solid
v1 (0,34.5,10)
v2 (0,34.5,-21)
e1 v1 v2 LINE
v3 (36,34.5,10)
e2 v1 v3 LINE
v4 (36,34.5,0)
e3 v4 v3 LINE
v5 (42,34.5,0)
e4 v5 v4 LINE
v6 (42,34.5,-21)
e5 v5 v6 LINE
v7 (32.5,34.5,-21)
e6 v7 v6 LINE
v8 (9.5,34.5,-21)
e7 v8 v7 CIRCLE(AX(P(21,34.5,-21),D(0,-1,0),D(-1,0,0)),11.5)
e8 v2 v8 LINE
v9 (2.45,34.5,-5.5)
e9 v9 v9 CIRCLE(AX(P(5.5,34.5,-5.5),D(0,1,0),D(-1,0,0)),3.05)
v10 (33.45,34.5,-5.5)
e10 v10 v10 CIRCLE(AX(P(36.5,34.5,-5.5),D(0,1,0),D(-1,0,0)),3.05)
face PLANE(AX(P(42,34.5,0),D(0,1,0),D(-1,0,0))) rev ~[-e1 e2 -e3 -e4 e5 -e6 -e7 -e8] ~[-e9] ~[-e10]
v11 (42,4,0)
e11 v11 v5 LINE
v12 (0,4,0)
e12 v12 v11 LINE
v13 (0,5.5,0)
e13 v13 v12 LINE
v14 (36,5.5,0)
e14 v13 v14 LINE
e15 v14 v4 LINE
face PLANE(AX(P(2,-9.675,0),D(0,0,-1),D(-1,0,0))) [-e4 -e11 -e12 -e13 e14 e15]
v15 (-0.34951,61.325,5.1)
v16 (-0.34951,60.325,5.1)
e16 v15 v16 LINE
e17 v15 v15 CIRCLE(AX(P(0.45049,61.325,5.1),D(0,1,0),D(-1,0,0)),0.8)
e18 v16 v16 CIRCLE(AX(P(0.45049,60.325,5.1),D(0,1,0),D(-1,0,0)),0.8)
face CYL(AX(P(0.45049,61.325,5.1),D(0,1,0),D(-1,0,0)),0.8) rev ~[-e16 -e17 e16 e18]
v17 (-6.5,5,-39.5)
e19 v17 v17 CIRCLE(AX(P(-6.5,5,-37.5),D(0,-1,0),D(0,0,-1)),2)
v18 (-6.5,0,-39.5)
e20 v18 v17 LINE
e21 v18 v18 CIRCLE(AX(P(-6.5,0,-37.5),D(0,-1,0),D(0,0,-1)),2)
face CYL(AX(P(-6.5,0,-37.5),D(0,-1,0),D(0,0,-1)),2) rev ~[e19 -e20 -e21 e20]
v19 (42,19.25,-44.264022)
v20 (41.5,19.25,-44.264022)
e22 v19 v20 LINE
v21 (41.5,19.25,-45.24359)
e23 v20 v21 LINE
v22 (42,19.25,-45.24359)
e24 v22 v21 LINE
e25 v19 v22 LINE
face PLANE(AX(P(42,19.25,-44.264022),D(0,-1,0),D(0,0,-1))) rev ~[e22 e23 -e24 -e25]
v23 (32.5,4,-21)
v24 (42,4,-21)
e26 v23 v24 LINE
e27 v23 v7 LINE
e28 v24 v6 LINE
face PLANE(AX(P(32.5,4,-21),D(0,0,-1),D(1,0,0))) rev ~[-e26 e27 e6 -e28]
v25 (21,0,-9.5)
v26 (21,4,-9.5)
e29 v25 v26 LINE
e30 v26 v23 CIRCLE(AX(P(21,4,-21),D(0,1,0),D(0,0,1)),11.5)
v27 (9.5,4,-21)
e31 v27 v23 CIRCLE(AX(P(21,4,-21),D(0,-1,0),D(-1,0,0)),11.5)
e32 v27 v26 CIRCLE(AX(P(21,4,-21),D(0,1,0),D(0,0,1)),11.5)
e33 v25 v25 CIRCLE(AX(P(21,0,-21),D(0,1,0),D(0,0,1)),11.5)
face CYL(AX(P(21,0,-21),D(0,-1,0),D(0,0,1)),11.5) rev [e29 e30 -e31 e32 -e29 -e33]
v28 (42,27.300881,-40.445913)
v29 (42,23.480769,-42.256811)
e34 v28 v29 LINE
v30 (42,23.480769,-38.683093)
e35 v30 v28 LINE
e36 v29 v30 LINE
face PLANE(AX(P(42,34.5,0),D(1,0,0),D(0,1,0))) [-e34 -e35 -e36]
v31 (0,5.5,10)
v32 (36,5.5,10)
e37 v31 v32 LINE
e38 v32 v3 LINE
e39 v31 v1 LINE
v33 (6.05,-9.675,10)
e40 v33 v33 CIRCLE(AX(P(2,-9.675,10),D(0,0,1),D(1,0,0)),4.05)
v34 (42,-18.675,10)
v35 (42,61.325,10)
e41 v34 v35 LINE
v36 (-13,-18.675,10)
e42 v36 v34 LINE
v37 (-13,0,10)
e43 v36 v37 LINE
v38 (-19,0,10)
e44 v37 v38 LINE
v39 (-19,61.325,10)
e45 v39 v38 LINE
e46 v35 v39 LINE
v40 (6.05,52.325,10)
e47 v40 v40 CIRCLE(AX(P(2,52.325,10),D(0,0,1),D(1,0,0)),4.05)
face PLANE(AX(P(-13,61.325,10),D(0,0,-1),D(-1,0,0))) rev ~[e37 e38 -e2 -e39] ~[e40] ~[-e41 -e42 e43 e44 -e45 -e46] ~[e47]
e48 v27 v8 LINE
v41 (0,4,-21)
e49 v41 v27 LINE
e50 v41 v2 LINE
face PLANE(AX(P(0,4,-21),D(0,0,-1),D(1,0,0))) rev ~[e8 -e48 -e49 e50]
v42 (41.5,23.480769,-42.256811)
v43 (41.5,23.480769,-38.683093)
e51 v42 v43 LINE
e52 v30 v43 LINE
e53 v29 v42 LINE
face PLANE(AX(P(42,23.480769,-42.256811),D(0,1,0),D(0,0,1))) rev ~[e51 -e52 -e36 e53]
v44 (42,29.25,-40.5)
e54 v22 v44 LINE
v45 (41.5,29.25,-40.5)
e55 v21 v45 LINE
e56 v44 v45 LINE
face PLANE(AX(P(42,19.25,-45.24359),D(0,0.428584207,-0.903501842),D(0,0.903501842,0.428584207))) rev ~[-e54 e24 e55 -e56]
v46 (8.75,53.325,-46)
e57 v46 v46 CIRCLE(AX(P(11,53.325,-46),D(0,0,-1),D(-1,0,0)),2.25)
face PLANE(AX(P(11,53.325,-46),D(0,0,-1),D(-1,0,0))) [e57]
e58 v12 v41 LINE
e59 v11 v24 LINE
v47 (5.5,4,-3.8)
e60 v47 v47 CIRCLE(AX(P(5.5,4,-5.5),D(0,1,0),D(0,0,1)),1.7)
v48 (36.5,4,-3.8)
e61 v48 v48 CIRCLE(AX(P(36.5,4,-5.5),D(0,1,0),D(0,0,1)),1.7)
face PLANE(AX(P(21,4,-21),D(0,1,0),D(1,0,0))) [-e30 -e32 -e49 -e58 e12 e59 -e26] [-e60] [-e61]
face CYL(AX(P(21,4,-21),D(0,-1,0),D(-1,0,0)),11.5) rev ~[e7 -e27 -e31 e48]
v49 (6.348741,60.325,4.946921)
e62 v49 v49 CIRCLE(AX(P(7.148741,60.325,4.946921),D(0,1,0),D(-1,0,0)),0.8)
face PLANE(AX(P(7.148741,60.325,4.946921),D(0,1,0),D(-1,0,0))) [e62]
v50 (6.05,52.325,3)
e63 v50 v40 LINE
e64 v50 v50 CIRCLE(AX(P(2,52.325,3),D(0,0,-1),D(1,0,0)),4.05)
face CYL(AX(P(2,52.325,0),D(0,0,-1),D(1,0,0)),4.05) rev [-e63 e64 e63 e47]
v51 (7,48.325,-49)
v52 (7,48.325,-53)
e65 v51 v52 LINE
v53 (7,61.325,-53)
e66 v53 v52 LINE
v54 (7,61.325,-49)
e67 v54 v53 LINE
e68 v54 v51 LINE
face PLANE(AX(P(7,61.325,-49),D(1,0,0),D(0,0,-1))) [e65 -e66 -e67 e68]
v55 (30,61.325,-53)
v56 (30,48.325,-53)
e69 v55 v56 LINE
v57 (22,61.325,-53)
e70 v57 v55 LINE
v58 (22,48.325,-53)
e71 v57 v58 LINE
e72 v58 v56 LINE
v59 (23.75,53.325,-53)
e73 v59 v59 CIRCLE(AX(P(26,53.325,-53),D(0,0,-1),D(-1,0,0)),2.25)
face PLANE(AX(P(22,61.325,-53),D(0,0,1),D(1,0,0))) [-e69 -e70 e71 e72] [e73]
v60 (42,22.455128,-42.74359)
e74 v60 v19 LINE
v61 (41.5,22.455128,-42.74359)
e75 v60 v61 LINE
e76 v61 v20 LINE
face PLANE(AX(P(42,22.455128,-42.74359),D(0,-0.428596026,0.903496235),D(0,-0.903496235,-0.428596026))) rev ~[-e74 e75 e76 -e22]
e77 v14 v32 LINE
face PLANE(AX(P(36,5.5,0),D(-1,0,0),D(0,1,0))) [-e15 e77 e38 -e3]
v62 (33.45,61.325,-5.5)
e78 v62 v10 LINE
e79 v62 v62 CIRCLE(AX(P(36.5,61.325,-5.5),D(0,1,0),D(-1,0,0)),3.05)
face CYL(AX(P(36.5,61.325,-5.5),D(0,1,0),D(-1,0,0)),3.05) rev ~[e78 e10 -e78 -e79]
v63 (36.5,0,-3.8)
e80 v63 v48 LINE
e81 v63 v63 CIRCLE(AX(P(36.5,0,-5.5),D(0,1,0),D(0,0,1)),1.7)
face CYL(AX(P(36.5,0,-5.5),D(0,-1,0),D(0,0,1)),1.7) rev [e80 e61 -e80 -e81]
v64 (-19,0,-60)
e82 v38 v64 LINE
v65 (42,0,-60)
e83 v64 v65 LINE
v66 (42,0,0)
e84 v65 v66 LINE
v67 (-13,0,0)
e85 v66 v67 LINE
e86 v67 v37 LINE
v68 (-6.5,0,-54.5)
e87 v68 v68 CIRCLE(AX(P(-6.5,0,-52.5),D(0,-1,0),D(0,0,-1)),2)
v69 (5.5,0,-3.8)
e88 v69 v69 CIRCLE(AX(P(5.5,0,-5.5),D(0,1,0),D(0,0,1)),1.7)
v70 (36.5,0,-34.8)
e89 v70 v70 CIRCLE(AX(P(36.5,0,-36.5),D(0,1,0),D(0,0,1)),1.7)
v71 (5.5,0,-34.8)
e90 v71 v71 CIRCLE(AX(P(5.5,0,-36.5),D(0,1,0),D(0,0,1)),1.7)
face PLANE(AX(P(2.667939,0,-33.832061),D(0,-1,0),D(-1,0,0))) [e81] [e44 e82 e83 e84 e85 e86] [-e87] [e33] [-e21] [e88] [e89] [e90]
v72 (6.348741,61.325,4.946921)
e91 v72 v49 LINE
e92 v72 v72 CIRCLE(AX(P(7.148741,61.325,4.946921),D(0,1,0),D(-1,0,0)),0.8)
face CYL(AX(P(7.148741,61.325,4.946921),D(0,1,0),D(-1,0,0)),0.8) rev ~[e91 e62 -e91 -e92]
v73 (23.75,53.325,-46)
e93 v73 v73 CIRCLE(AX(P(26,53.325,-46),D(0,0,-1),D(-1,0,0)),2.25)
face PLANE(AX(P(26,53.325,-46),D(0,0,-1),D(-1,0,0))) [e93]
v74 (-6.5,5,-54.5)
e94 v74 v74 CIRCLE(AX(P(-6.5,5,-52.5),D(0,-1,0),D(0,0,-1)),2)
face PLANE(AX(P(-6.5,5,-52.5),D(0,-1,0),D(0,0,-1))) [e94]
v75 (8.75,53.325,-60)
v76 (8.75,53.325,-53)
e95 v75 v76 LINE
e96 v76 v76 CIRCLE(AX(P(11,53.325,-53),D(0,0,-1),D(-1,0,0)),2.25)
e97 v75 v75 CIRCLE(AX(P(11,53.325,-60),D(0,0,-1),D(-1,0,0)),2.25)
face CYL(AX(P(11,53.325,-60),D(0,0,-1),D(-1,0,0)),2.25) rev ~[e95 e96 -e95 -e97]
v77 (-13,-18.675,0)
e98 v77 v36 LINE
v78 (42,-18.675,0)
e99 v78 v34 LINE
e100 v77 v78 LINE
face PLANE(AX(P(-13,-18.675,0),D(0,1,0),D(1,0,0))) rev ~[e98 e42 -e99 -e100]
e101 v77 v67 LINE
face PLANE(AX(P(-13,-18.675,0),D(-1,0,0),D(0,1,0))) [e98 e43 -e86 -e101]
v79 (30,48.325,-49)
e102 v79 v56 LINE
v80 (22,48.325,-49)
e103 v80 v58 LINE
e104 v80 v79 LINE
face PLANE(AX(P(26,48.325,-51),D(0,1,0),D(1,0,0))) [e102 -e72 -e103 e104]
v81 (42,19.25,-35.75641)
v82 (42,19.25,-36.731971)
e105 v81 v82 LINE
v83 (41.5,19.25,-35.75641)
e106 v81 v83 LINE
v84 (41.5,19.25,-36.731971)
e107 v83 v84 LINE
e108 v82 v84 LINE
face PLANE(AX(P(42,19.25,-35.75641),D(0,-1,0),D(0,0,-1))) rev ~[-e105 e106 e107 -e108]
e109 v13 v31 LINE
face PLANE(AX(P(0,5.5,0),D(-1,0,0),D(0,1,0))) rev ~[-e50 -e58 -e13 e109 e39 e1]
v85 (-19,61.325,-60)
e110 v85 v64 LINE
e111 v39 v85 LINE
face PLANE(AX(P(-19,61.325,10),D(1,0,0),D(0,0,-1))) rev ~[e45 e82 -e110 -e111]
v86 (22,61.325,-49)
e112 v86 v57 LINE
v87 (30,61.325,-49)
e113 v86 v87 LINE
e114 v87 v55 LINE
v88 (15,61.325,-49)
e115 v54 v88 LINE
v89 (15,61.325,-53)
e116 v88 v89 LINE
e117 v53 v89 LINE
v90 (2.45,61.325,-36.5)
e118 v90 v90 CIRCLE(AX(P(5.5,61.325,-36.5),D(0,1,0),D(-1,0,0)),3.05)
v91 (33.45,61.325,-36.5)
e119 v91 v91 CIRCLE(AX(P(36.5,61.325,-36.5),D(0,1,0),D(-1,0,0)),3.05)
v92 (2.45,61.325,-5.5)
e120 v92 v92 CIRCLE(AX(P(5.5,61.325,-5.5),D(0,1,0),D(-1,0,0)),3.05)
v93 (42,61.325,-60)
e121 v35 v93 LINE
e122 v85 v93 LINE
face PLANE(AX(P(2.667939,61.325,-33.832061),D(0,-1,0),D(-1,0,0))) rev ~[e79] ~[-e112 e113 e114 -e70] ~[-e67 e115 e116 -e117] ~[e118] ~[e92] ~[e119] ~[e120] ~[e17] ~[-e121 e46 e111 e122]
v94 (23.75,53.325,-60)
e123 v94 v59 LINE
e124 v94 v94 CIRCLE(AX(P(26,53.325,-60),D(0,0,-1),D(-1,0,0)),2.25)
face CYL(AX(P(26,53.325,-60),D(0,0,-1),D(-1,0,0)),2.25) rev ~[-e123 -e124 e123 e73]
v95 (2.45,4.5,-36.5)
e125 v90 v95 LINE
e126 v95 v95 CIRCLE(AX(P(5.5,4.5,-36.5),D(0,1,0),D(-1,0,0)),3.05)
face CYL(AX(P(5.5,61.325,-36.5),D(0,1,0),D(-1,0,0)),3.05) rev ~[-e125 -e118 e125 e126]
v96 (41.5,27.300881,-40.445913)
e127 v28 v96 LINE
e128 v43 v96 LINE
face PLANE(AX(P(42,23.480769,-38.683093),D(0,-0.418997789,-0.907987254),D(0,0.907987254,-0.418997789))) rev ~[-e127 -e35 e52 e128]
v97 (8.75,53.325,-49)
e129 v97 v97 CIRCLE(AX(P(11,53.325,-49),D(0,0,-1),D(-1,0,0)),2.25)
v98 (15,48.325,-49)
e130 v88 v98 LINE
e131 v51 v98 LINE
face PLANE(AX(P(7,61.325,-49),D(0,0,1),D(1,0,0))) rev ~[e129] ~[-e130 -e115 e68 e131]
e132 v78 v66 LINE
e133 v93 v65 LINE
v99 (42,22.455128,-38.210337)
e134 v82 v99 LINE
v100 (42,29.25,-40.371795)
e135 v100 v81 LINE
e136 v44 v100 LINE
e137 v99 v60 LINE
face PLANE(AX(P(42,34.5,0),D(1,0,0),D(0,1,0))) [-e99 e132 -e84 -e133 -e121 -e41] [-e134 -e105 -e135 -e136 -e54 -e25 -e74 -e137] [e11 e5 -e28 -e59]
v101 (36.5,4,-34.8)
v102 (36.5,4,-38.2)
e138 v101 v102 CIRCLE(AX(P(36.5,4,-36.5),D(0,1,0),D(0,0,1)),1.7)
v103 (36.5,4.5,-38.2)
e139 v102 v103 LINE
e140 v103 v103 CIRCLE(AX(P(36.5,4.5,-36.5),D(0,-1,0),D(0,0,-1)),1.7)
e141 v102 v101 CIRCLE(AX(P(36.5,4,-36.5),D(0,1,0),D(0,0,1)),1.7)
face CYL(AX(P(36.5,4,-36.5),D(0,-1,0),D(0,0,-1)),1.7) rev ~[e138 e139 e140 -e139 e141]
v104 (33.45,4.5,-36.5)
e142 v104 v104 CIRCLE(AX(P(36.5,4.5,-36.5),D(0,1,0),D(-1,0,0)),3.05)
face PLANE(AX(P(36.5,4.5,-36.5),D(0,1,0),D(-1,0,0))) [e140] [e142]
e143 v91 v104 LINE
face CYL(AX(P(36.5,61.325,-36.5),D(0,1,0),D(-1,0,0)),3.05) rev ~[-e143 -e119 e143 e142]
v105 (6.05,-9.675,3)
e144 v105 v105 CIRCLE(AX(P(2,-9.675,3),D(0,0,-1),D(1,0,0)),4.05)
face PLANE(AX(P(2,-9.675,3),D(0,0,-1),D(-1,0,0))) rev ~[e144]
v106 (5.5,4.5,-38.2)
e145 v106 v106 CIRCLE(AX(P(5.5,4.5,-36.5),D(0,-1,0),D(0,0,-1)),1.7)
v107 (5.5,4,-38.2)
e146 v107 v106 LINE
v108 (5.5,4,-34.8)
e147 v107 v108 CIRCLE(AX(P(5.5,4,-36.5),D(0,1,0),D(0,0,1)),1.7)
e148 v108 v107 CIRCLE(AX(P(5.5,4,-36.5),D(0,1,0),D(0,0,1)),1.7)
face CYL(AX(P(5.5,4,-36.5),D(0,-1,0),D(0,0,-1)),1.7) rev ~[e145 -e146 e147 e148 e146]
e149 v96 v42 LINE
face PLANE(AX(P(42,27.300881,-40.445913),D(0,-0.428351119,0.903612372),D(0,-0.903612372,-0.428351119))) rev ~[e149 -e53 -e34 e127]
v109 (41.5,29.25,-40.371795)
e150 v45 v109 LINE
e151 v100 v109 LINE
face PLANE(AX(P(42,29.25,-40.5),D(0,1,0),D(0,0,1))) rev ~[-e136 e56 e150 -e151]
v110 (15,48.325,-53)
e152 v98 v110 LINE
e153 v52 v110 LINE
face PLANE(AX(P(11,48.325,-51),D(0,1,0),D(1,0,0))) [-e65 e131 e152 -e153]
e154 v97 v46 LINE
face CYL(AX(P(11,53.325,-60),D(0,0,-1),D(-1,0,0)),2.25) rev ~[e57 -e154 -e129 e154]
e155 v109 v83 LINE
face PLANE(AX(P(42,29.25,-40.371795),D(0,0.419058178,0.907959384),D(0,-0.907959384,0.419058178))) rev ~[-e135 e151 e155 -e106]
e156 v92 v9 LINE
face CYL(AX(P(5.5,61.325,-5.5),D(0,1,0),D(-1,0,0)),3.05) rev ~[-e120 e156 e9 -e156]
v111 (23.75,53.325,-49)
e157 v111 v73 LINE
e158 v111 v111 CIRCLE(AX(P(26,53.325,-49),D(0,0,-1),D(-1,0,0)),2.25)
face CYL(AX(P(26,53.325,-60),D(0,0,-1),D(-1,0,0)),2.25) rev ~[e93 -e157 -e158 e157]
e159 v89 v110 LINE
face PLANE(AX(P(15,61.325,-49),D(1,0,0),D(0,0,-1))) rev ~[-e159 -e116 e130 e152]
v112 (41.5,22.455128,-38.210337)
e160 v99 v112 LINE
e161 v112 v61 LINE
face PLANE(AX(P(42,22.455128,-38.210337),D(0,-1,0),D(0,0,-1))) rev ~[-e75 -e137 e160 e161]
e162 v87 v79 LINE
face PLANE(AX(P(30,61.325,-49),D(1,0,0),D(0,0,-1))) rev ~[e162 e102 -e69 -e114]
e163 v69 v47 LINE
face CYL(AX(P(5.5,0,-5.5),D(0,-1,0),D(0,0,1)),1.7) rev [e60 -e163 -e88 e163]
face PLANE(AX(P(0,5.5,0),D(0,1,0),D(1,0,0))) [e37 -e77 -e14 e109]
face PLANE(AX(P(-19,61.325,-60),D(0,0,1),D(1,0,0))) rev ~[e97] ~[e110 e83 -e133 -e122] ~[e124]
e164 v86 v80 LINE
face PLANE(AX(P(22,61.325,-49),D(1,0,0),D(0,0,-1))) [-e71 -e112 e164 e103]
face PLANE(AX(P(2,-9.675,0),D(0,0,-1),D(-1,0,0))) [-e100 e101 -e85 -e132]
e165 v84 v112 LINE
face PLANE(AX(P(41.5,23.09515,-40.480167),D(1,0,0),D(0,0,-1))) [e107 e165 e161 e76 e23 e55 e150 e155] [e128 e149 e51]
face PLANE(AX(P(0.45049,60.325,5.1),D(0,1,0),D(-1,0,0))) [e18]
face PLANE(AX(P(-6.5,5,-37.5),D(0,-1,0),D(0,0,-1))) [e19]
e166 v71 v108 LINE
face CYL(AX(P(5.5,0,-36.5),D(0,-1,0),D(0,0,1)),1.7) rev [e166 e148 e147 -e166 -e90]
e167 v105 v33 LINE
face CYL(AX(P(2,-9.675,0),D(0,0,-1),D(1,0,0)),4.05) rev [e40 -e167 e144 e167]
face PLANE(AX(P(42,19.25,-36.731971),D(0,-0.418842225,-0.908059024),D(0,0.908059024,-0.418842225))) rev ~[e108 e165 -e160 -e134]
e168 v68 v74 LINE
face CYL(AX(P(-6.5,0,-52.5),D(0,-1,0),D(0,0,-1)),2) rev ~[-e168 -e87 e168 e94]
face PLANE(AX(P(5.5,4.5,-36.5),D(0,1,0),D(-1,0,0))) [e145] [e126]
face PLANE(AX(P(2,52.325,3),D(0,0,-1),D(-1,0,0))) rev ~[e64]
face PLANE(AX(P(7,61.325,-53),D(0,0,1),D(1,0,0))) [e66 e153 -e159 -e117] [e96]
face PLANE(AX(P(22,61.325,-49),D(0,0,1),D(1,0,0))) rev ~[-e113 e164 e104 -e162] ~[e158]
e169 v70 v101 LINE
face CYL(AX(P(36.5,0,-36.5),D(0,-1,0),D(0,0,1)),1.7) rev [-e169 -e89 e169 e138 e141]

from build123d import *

# Parameters (mm, degrees)
SKETCH1_W           = 42
SKETCH1_H           = 42
SKETCH1_R           = 1.7
SKETCH1_R_2         = 11.5
BOSS_EXTRUDE1_DEPTH = 4
SKETCH2_W           = 55
SKETCH2_H           = 80
SKETCH2_R           = 4.05
SKETCH2_W_2         = 36
SKETCH2_H_2         = 29
BOSS_EXTRUDE2_DEPTH = 10
BOSS_EXTRUDE4_DEPTH = 30.5
SKETCH5_W           = 42
SKETCH5_H           = 26.825
BOSS_EXTRUDE5_DEPTH = 42
SKETCH6_R           = 1.7
CUT_EXTRUDE1_DEPTH  = 83.547898974
SKETCH7_R           = 3.05
CUT_EXTRUDE2_DEPTH  = 56.825
SKETCH3_R           = 4.05
BOSS_EXTRUDE7_DEPTH = 3
SKETCH8_R           = 0.8
CUT_EXTRUDE3_DEPTH  = 1
BOSS_EXTRUDE8_DEPTH = 61.325
SKETCH10_R          = 2
CUT_EXTRUDE4_DEPTH  = 5
SKETCH11_R          = 2.25
CUT_EXTRUDE5_DEPTH  = 14
SKETCH12_W          = 8
SKETCH12_H          = 4
CUT_EXTRUDE6_DEPTH  = 13
CUT_EXTRUDE7_DEPTH  = 0.5


with BuildPart() as part:
    # Sketch1 → Boss-Extrude1 (new body)
    with BuildSketch(Plane(origin=(0, 0, 0), x_dir=(1, 0, 0), z_dir=(0, 1, 0))):
        with Locations((21, 21)):
            Rectangle(SKETCH1_W, SKETCH1_H)
        with Locations(Location((5.5, 36.5, 0), (0, 0, 270))):
            Circle(SKETCH1_R, mode=Mode.SUBTRACT)
        with Locations(Location((36.5, 36.5, 0), (0, 0, 270))):
            Circle(SKETCH1_R, mode=Mode.SUBTRACT)
        with Locations(Location((5.5, 5.5, 0), (0, 0, 270))):
            Circle(SKETCH1_R, mode=Mode.SUBTRACT)
        with Locations(Location((36.5, 5.5, 0), (0, 0, 270))):
            Circle(SKETCH1_R, mode=Mode.SUBTRACT)
        with Locations(Location((21, 21, 0), (0, 0, 270))):
            Circle(SKETCH1_R_2, mode=Mode.SUBTRACT)
    extrude(amount=BOSS_EXTRUDE1_DEPTH)

    # Sketch2 → Boss-Extrude2 (add)
    with BuildSketch(Plane.XY):
        with Locations((14.5, 21.325)):
            Rectangle(SKETCH2_W, SKETCH2_H)
        with Locations((2, 52.325)):
            Circle(SKETCH2_R, mode=Mode.SUBTRACT)
        with Locations((2, -9.675)):
            Circle(SKETCH2_R, mode=Mode.SUBTRACT)
        with Locations((18, 20)):
            Rectangle(SKETCH2_W_2, SKETCH2_H_2, mode=Mode.SUBTRACT)
    extrude(amount=BOSS_EXTRUDE2_DEPTH)

    # Sketch4 → Boss-Extrude4 (add)
    with BuildSketch(Plane(origin=(0, 4, 0), x_dir=(1, 0, 0), z_dir=(0, 1, 0))):
        with BuildLine():
            Line((0, 21), (9.5, 21))
            ThreePointArc((9.5, 21), (21, 32.5), (32.5, 21))
            Line((32.5, 21), (42, 21))
            Line((42, 21), (42, 42))
            Line((42, 42), (0, 42))
            Line((0, 42), (0, 21))
        make_face()
    extrude(amount=BOSS_EXTRUDE4_DEPTH)

    # Sketch5 → Boss-Extrude5 (add)
    with BuildSketch(Plane(origin=(0, 0, 0), x_dir=(-1, 0, 0), z_dir=(0, 0, -1))):
        with Locations((-21, 47.9125)):
            Rectangle(SKETCH5_W, SKETCH5_H)
    extrude(amount=BOSS_EXTRUDE5_DEPTH)

    # Sketch6 → Cut-Extrude1 (cut, through all)
    with BuildSketch(Plane.XZ.offset(-4)):
        with Locations(Location((5.5, -36.5, 0), (0, 0, 270))):
            Circle(SKETCH6_R)
        with Locations(Location((36.5, -36.5, 0), (0, 0, 270))):
            Circle(SKETCH6_R)
    extrude(amount=-CUT_EXTRUDE1_DEPTH, mode=Mode.SUBTRACT)

    # Sketch7 → Cut-Extrude2 (cut)
    with BuildSketch(Plane(origin=(0, 61.325, 0), x_dir=(1, 0, 0), z_dir=(0, 1, 0))):
        with Locations(Location((5.5, 36.5, 0), (0, 0, 180))):
            Circle(SKETCH7_R)
        with Locations(Location((36.5, 36.5, 0), (0, 0, 180))):
            Circle(SKETCH7_R)
        with Locations(Location((5.5, 5.5, 0), (0, 0, 180))):
            Circle(SKETCH7_R)
        with Locations(Location((36.5, 5.5, 0), (0, 0, 180))):
            Circle(SKETCH7_R)
    extrude(amount=-CUT_EXTRUDE2_DEPTH, mode=Mode.SUBTRACT)

    # Sketch3 → Boss-Extrude7 (add)
    with BuildSketch(Plane(origin=(0, 0, 0), x_dir=(-1, 0, 0), z_dir=(0, 0, -1))):
        with Locations((-2, -9.675)):
            Circle(SKETCH3_R)
        with Locations((-2, 52.325)):
            Circle(SKETCH3_R)
    extrude(amount=-BOSS_EXTRUDE7_DEPTH)

    # Sketch8 → Cut-Extrude3 (cut)
    with BuildSketch(Plane(origin=(0, 61.325, 0), x_dir=(1, 0, 0), z_dir=(0, 1, 0))):
        with Locations(Location((0.450490451, -5.1, 0), (0, 0, 180))):
            Circle(SKETCH8_R)
        with Locations(Location((7.148741473, -4.946920802, 0), (0, 0, 180))):
            Circle(SKETCH8_R)
    extrude(amount=-CUT_EXTRUDE3_DEPTH, mode=Mode.SUBTRACT)

    # Sketch9 → Boss-Extrude8 (add)
    with BuildSketch(Plane(origin=(0, 61.325, 0), x_dir=(1, 0, 0), z_dir=(0, 1, 0))):
        Polygon((-13, -10), (-19, -10), (-19, 60), (42, 60), (42, 42), (0, 42), (0, 0), (-13, 0), align=None)
    extrude(amount=-BOSS_EXTRUDE8_DEPTH)

    # Sketch10 → Cut-Extrude4 (cut)
    with BuildSketch(Plane.XZ):
        with Locations(Location((-6.5, -52.5, 0), (0, 0, 270))):
            Circle(SKETCH10_R)
        with Locations(Location((-6.5, -37.5, 0), (0, 0, 270))):
            Circle(SKETCH10_R)
    extrude(amount=-CUT_EXTRUDE4_DEPTH, mode=Mode.SUBTRACT)

    # Sketch11 → Cut-Extrude5 (cut)
    with BuildSketch(Plane(origin=(0, 0, -60), x_dir=(-1, 0, 0), z_dir=(0, 0, -1))):
        with Locations((-26, 53.325)):
            Circle(SKETCH11_R)
        with Locations((-11, 53.325)):
            Circle(SKETCH11_R)
    extrude(amount=-CUT_EXTRUDE5_DEPTH, mode=Mode.SUBTRACT)

    # Sketch12 → Cut-Extrude6 (cut)
    with BuildSketch(Plane(origin=(0, 61.325, 0), x_dir=(1, 0, 0), z_dir=(0, 1, 0))):
        with Locations((11, 51)):
            Rectangle(SKETCH12_W, SKETCH12_H)
        with Locations((26, 51)):
            Rectangle(SKETCH12_W, SKETCH12_H)
    extrude(amount=-CUT_EXTRUDE6_DEPTH, mode=Mode.SUBTRACT)

    # Sketch13 → Cut-Extrude7 (cut)
    with BuildSketch(Plane(origin=(42, 0, 0), x_dir=(0, 0, -1), z_dir=(1, 0, 0))):
        Polygon((40.371794872, 29.25), (35.756410256, 19.25), (36.731971154, 19.25), (38.210336538, 22.455128205), (42.743589744, 22.455128205), (44.264022436, 19.25), (45.243589744, 19.25), (40.5, 29.25), align=None)
        Polygon((40.445913462, 27.30088141), (42.256810897, 23.480769231), (38.683092949, 23.480769231), align=None, mode=Mode.SUBTRACT)
    extrude(amount=-CUT_EXTRUDE7_DEPTH, mode=Mode.SUBTRACT)


solid = part.part
